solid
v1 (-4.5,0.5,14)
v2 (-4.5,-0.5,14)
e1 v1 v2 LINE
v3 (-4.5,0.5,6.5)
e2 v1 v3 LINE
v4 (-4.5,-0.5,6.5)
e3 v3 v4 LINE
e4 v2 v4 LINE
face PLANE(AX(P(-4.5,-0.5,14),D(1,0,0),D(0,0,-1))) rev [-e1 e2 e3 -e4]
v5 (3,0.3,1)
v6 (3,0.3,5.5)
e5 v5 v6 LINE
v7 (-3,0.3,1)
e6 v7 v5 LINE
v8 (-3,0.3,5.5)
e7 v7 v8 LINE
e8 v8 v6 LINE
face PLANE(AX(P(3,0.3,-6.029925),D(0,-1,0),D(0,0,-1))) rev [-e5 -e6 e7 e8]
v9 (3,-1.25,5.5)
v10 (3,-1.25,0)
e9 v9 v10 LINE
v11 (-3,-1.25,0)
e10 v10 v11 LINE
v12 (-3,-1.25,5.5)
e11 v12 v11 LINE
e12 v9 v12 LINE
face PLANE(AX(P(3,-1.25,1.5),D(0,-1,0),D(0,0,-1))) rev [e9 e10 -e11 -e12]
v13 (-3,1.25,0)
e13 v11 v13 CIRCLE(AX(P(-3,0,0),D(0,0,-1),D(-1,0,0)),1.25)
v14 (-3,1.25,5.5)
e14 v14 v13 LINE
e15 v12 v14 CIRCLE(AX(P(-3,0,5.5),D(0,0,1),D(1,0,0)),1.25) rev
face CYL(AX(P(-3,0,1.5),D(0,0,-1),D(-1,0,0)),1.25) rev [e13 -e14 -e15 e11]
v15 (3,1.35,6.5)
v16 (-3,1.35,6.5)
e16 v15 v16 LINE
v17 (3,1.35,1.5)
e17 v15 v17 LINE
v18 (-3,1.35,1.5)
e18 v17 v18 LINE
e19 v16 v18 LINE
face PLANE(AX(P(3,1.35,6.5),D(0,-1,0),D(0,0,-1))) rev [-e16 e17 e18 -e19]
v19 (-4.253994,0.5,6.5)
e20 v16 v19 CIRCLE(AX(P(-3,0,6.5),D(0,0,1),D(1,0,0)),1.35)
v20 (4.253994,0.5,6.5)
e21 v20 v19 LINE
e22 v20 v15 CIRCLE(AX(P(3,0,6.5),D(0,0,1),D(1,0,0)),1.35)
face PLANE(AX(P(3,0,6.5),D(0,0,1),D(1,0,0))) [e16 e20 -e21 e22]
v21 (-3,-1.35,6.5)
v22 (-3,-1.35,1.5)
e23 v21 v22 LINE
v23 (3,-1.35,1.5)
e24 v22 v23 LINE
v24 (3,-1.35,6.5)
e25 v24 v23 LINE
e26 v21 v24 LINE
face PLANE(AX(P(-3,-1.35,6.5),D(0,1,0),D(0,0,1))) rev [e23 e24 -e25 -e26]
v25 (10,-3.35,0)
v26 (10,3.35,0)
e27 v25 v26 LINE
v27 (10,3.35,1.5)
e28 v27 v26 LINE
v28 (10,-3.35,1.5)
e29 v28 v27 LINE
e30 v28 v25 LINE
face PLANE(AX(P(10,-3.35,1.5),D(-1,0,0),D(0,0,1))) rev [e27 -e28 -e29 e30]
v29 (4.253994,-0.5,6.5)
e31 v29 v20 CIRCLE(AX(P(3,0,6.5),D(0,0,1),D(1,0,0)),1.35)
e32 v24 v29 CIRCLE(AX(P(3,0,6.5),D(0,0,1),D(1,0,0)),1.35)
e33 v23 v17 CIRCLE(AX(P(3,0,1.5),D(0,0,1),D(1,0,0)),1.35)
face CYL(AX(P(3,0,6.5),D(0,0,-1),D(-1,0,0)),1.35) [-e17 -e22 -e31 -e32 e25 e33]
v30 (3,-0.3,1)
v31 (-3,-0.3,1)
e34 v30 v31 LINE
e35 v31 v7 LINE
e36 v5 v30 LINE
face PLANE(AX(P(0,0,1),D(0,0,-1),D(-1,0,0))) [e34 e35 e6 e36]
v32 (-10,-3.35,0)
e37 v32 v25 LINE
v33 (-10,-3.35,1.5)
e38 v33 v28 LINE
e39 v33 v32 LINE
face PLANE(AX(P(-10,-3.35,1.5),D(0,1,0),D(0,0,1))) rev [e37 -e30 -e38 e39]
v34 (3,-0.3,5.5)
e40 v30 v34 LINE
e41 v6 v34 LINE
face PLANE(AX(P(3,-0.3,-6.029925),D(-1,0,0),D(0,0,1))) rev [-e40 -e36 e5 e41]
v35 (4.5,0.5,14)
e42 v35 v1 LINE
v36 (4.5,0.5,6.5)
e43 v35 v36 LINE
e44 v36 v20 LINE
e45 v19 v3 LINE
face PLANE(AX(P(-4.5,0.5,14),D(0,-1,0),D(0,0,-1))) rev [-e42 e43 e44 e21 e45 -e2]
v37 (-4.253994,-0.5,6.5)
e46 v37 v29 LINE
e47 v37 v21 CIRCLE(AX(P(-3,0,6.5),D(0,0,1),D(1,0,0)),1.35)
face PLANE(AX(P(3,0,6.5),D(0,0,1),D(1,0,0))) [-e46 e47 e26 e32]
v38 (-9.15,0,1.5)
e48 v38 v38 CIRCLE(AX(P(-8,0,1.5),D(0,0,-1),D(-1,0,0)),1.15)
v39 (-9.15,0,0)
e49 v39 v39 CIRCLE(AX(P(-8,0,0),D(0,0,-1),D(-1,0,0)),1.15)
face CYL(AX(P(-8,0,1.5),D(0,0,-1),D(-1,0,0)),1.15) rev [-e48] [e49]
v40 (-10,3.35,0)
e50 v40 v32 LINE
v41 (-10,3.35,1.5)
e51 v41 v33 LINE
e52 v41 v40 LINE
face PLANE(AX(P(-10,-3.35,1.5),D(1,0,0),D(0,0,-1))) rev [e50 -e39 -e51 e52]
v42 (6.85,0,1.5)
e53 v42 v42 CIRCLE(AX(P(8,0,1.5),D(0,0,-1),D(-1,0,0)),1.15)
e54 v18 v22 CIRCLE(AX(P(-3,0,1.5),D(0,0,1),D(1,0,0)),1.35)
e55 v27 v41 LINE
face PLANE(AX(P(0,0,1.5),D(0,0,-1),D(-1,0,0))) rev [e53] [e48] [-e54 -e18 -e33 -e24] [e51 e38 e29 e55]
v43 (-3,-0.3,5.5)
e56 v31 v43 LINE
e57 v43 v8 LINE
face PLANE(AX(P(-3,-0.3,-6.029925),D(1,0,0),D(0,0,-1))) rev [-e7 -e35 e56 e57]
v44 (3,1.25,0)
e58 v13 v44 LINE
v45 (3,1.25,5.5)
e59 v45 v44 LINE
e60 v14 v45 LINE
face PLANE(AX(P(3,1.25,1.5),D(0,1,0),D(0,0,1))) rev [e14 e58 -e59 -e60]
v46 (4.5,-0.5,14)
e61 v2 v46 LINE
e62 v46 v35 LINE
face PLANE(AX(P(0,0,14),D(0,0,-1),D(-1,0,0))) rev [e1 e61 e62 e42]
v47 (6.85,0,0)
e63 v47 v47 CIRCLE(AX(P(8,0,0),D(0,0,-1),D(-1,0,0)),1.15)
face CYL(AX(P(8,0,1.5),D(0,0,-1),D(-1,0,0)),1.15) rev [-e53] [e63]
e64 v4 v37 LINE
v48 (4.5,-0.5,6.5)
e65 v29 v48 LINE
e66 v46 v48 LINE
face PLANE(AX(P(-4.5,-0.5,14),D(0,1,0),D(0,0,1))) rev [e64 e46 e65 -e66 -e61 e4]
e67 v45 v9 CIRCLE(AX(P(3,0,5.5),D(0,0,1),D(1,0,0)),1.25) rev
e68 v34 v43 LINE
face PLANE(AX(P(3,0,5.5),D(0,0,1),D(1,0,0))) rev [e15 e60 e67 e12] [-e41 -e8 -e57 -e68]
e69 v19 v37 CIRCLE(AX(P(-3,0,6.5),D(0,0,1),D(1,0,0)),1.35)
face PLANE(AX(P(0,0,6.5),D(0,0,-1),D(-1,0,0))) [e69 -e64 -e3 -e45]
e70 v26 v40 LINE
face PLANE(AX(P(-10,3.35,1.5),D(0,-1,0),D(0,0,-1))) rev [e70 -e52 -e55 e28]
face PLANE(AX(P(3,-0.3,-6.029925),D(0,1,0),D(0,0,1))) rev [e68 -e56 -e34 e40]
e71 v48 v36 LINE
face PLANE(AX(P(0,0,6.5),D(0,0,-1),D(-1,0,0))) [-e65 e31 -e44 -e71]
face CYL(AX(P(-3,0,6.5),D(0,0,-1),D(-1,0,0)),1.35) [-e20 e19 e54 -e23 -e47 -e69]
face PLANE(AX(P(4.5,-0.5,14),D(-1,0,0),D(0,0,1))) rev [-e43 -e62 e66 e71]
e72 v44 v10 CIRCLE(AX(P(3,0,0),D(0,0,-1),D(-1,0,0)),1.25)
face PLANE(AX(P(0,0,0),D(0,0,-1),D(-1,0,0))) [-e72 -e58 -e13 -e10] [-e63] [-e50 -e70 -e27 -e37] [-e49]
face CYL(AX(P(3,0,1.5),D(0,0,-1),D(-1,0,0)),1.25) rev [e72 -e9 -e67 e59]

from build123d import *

# Parameters (mm, degrees)
SKETCH1_W           = 20
SKETCH1_H           = 6.7
BOSS_EXTRUDE1_DEPTH = 1.5
SKETCH2_R           = 1.15
CUT_EXTRUDE1_DEPTH  = 1.5
BOSS_EXTRUDE2_DEPTH = 5
BOSS_EXTRUDE3_START = -1
BOSS_EXTRUDE3_DEPTH = 1
SKETCH5_W           = 6
SKETCH5_H           = 0.6
BOSS_EXTRUDE4_DEPTH = 4.5
SKETCH6_W           = 9
SKETCH6_H           = 1
BOSS_EXTRUDE5_DEPTH = 7.5


with BuildPart() as part:
    # Sketch1 → Boss-Extrude1 (new body)
    with BuildSketch(Plane.XY):
        Rectangle(SKETCH1_W, SKETCH1_H)
    extrude(amount=BOSS_EXTRUDE1_DEPTH)

    # Sketch2 → Cut-Extrude1 (cut)
    with BuildSketch(Plane(origin=(0, 0, 0), x_dir=(-1, 0, 0), z_dir=(0, 0, -1))):
        with Locations((-8, 0)):
            Circle(SKETCH2_R)
        with Locations((8, 0)):
            Circle(SKETCH2_R)
        with BuildLine():
            Line((-3, 1.25), (3, 1.25))
            ThreePointArc((3, 1.25), (4.25, 0), (3, -1.25))
            Line((3, -1.25), (-3, -1.25))
            ThreePointArc((-3, -1.25), (-4.25, 0), (-3, 1.25))
        make_face()
    extrude(amount=-CUT_EXTRUDE1_DEPTH, mode=Mode.SUBTRACT)

    # Sketch3 → Boss-Extrude2 (add)
    with BuildSketch(Plane.XY.offset(1.5)):
        with BuildLine():
            Line((3, 1.35), (-3, 1.35))
            ThreePointArc((-3, 1.35), (-4.35, 0), (-3, -1.35))
            Line((-3, -1.35), (3, -1.35))
            ThreePointArc((3, -1.35), (4.35, 0), (3, 1.35))
        make_face()
        with BuildLine():
            Line((3, 1.25), (-3, 1.25))
            ThreePointArc((-3, 1.25), (-4.25, 0), (-3, -1.25))
            Line((-3, -1.25), (3, -1.25))
            ThreePointArc((3, -1.25), (4.25, 0), (3, 1.25))
        make_face(mode=Mode.SUBTRACT)
    extrude(amount=BOSS_EXTRUDE2_DEPTH)

    # Sketch4 → Boss-Extrude3 (add)
    with BuildSketch(Plane.XY.offset(6.5).offset(BOSS_EXTRUDE3_START)):
        with BuildLine():
            Line((3, 1.35), (-3, 1.35))
            ThreePointArc((-3, 1.35), (-4.35, 0), (-3, -1.35))
            Line((-3, -1.35), (3, -1.35))
            ThreePointArc((3, -1.35), (4.35, 0), (3, 1.35))
        make_face()
    extrude(amount=BOSS_EXTRUDE3_DEPTH)

    # Sketch5 → Boss-Extrude4 (add)
    with BuildSketch(Plane(origin=(0, 0, 5.5), x_dir=(-1, 0, 0), z_dir=(0, 0, -1))):
        Rectangle(SKETCH5_W, SKETCH5_H)
    extrude(amount=BOSS_EXTRUDE4_DEPTH)

    # Sketch6 → Boss-Extrude5 (add)
    with BuildSketch(Plane.XY.offset(6.5)):
        Rectangle(SKETCH6_W, SKETCH6_H)
    extrude(amount=BOSS_EXTRUDE5_DEPTH)


solid = part.part
